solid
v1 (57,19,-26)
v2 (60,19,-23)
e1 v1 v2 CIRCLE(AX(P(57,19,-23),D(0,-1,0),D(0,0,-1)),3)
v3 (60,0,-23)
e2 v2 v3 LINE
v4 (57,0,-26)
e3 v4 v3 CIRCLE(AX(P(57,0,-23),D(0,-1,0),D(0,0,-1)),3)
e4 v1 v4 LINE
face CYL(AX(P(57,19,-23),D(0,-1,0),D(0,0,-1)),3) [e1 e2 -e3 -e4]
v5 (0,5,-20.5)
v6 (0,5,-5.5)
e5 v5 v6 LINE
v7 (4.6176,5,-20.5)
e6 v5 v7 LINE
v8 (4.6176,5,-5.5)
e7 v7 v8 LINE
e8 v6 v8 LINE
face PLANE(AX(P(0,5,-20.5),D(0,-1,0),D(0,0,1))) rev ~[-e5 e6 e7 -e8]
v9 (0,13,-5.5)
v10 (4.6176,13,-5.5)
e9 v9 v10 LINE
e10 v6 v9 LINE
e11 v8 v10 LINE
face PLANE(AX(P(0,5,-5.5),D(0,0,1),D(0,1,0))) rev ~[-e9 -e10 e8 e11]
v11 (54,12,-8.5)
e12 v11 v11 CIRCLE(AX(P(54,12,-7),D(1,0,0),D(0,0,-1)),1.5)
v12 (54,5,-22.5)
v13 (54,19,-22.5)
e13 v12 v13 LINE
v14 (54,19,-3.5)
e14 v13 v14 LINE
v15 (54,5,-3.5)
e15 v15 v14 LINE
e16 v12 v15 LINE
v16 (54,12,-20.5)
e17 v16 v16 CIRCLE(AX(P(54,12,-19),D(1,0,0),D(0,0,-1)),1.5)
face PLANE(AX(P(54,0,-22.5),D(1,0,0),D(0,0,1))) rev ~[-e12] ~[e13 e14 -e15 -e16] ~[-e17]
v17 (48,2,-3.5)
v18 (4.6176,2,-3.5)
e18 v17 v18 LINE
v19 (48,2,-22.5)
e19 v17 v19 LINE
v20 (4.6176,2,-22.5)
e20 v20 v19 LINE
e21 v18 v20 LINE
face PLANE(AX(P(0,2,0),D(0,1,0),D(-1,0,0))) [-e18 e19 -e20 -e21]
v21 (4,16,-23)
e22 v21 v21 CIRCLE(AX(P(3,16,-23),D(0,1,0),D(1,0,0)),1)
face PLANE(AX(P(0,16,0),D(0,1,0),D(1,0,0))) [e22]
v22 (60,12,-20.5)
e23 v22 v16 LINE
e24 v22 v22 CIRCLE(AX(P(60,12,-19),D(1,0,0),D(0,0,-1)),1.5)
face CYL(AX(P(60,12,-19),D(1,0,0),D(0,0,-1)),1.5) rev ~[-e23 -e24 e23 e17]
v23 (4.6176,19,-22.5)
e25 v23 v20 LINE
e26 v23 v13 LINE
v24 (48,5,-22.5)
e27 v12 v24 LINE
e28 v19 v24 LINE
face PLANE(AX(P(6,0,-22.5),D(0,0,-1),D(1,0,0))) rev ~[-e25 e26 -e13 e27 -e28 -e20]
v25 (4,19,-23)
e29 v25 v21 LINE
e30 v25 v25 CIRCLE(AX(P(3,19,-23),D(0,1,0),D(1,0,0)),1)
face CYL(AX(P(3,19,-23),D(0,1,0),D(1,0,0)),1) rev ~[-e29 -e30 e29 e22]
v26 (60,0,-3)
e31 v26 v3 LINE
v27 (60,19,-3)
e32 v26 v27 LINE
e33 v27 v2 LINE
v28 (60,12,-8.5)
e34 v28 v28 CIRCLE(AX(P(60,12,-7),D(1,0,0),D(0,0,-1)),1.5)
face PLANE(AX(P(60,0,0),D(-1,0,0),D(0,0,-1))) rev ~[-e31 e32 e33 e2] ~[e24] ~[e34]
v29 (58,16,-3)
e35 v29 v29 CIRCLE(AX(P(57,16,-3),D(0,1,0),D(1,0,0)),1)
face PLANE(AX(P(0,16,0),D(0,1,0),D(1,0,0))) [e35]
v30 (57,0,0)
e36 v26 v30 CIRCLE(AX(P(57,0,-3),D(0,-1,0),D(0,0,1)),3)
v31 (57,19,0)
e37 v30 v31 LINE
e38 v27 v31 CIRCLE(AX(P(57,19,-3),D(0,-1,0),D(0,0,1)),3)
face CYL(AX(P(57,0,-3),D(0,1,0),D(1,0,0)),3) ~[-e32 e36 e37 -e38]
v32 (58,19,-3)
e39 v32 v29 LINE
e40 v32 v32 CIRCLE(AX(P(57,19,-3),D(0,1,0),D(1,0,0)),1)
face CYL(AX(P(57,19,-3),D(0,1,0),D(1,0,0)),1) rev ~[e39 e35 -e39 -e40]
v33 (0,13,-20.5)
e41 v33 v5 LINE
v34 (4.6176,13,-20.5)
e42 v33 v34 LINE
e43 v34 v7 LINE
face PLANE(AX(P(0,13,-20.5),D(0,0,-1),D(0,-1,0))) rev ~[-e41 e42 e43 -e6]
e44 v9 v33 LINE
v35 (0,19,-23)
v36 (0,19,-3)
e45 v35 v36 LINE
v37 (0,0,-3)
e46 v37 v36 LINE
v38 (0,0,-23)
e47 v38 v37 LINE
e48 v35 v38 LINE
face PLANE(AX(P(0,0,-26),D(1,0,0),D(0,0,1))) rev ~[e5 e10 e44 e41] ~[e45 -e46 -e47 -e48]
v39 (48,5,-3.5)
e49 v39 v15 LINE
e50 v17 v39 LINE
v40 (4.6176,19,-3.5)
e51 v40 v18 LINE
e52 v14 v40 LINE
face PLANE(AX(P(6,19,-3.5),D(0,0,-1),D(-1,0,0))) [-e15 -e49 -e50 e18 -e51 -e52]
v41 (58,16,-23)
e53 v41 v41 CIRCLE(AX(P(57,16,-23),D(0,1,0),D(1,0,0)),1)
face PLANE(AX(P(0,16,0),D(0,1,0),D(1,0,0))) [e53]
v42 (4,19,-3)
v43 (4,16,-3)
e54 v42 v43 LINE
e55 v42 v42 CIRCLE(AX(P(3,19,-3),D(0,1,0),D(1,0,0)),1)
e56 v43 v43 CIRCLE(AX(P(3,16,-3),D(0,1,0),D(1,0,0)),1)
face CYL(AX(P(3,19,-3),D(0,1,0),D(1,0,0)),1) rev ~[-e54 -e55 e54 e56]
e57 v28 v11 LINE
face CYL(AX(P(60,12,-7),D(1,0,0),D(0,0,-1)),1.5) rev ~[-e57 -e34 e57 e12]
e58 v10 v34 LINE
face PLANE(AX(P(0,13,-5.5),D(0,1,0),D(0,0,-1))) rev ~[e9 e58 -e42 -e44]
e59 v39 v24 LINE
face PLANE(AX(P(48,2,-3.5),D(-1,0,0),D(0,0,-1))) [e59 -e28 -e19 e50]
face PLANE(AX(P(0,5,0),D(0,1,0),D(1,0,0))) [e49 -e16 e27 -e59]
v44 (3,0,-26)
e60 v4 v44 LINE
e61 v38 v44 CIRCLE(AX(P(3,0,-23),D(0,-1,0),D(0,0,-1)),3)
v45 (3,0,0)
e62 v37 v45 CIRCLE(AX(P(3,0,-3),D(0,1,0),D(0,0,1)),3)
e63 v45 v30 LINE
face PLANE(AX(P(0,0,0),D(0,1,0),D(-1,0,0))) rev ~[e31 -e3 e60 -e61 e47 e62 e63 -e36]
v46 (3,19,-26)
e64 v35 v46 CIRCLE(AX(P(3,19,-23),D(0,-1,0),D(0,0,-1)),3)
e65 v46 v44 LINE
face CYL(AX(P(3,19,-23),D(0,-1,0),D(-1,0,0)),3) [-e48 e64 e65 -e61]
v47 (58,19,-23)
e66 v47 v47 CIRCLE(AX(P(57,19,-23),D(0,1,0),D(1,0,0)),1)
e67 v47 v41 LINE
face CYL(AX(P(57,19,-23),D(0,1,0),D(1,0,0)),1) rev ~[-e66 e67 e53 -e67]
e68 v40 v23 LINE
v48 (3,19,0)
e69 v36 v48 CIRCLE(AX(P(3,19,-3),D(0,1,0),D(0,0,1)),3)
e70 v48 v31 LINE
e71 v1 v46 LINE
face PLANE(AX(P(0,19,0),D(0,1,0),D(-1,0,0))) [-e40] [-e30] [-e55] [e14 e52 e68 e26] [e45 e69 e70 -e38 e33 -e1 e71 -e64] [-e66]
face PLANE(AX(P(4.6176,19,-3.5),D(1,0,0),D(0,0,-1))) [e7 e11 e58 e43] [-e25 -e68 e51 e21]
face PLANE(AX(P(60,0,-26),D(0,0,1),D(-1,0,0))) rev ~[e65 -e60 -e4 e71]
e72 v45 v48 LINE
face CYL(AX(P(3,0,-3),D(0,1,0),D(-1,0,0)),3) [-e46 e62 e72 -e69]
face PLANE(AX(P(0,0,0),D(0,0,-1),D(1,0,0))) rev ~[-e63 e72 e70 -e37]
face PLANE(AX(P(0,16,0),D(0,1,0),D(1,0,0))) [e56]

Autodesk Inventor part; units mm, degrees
ref_plane "YZ Plane" through (0, 0, 0) normal (1, 0, 0) x (0, 1, 0)
ref_plane "XZ Plane" through (0, 0, 0) normal (0, 1, 0) x (-1, 0, 0)
ref_plane "XY Plane" through (0, 0, 0) normal (0, 0, 1) x (1, 0, 0)
sketch "Sketch1" plane through (0, 0, 0) normal (0, 1, 0) x (-1, 0, 0)
  line L0 (0, 0) -> (-60, 0)
  line L1 (-60, 0) -> (-60, -26)
  line L2 (-60, -26) -> (0, -26)
  line L3 (0, -26) -> (0, 0)
  line L4 (-54, -3.5) -> (-6, -3.5)
  line L5 (-6, -3.5) -> (-6, -22.5)
  line L6 (-6, -22.5) -> (-54, -22.5)
  line L7 (-54, -22.5) -> (-54, -3.5)
  line L8 (-54, -3.5) -> (-6, -22.5) construction
  line L9 (-6, -3.5) -> (-54, -22.5) construction
  point P0 (-30, -13)
  dimension "d0" = 60
  dimension "d2" = 48
  dimension "d3" = 6
  dimension "d4" = 6
  dimension "d36" = 19
  dimension "d37" = 3.5
  dimension "d38" = 3.5
  dimension "d39" = 26
extrude "Extrusion1" add sketch "Sketch1" along normal blind 2 contours L3 L2 L1 L0 | L4 L5 L6 L7
extrude "Extrusion2" add sketch "Sketch1" along normal blind 19
sketch "Sketch2" plane through (0, 2, 0) normal (0, 1, 0) x (1, 0, 0)
  line L0 (6, 3.5) -> (54, 3.5) projected
  line L1 (54, 22.5) -> (6, 22.5) projected
  line L2 (54, 3.5) -> (48, 3.5)
  line L3 (48, 3.5) -> (48, 22.5)
  line L4 (48, 22.5) -> (54, 22.5)
  line L5 (54, 22.5) -> (54, 3.5)
  line L6 (6, 3.5) -> (6, 22.5) projected
  point P0 (0, 0)
  point P1 (48, 3.5)
  dimension "d11" = 42
extrude "Extrusion3" add sketch "Sketch2" along normal blind 3 contours L3 L1 L5 L0
sketch "Sketch3" plane through (0, 0, -3) normal (1, 0, 0) x (0, 0, -1)
  line L0 (-3, 0) -> (23, 0) projected
  line L1 (23, 0) -> (23, 19) projected
  line L2 (-3, 19) -> (23, 19) projected
  line L3 (-3, 0) -> (-3, 19) projected
  line L4 (2.5, 13) -> (17.5, 13)
  line L5 (17.5, 13) -> (17.5, 5)
  line L6 (17.5, 5) -> (2.5, 5)
  line L7 (2.5, 5) -> (2.5, 13)
  line L8 (2.5, 13) -> (17.5, 5) construction
  line L9 (17.5, 13) -> (2.5, 5) construction
  point P0 (-3, 0)
  point P1 (10, 9)
  point P2 (23, 9.5)
  point P3 (-3, 9.5)
  dimension "d14" = 5
  dimension "d15" = 8
  dimension "d16" = 5.5
  dimension "d17" = 5.5
  dimension "d18" = 15
extrude "Extrusion4" cut sketch "Sketch3" along normal blind 7.5 contours L4 L5 L6 L7
sketch "Sketch4" plane through (60, 0, 0) normal (1, 0, 0) x (0, 0, -1)
  circle A0 centre (7, 12) radius 1.5
  circle A1 centre (19, 12) radius 1.5
  line L0 (0, 0) -> (26, 0) projected
  line L1 (0, 0) -> (0, 19) projected
  line L2 (26, 0) -> (26, 19) projected
  dimension "d21" = 3
  dimension "d22" = 3
  dimension "d25" = 12
  dimension "d26" = 12
  dimension "d27" = 7
  dimension "d28" = 7
extrude "Extrusion5" cut sketch "Sketch4" against normal blind 7.5
fillet "Fillet1" radius 3 4 edges at (0, 9.5, 0) (0, 9.5, -26) (60, 9.5, 0) (60, 9.5, -26)
sketch "Sketch5" plane through (0, 19, 0) normal (0, 1, 0) x (1, 0, 0)
  arc A0 (60, 23) -> (57, 26) centre (57, 23) ccw projected
  line L0 (57, 26) -> (3, 26) projected
  arc A1 (3, 26) -> (0, 23) centre (3, 23) ccw projected
  line L1 (0, 23) -> (0, 3) projected
  arc A2 (0, 3) -> (3, 0) centre (3, 3) ccw projected
  line L2 (3, 0) -> (57, 0) projected
  arc A3 (57, 0) -> (60, 3) centre (57, 3) ccw projected
  line L3 (60, 3) -> (60, 23) projected
  line L4 (54, 3.5) -> (6, 3.5) projected
  line L5 (6, 3.5) -> (6, 22.5) projected
  line L6 (6, 22.5) -> (54, 22.5) projected
  line L7 (54, 22.5) -> (54, 3.5) projected
  circle A4 centre (3, 3) radius 1
  circle A5 centre (3, 23) radius 1
  circle A6 centre (57, 3) radius 1
  circle A7 centre (57, 23) radius 1
  point P0 (0, 0)
  dimension "d30" = 2
  dimension "d31" = 2
  dimension "d32" = 2
  dimension "d33" = 2
extrude "Extrusion6" cut sketch "Sketch5" against normal blind 3 contours A4 | A5 | A6 | A7
sketch "Sketch6" plane through (0, 19, 0) normal (0, 1, 0) x (1, 0, 0)
  circle A0 centre (57, 3) radius 1 projected
  circle A1 centre (3, 23) radius 1 projected
  circle A2 centre (57, 23) radius 1 projected
  circle A3 centre (3, 3) radius 1 projected
  arc A4 (60, 23) -> (57, 26) centre (57, 23) ccw projected
  line L0 (57, 26) -> (3, 26) projected
  arc A5 (3, 26) -> (0, 23) centre (3, 23) ccw projected
  line L1 (0, 23) -> (0, 3) projected
  arc A6 (0, 3) -> (3, 0) centre (3, 3) ccw projected
  line L2 (3, 0) -> (57, 0) projected
  arc A7 (57, 0) -> (60, 3) centre (57, 3) ccw projected
  line L3 (60, 3) -> (60, 23) projected
  line L4 (54, 3.5) -> (6, 3.5) projected
  line L5 (6, 3.5) -> (6, 22.5) projected
  line L6 (6, 22.5) -> (54, 22.5) projected
  line L7 (54, 22.5) -> (54, 3.5) projected
  line L8 (6, 22.5) -> (6, 3.5) projected
  line L9 (6, 3.5) -> (4.6176, 3.5)
  line L10 (4.6176, 3.5) -> (4.6176, 22.5)
  line L11 (4.6176, 22.5) -> (6, 22.5)
  line L12 (6, 22.5) -> (6, 3.5)
  point P0 (0, 0)
extrude "Extrusion7" cut sketch "Sketch6" against normal blind 17 contours L9 L10 L11 L5
equation "\"d38\" = d37"
equation "\"d17\" = d16"
equation "\"d26\" = d25"
equation "\"d28\" = d27"
properties part number "bawah"
